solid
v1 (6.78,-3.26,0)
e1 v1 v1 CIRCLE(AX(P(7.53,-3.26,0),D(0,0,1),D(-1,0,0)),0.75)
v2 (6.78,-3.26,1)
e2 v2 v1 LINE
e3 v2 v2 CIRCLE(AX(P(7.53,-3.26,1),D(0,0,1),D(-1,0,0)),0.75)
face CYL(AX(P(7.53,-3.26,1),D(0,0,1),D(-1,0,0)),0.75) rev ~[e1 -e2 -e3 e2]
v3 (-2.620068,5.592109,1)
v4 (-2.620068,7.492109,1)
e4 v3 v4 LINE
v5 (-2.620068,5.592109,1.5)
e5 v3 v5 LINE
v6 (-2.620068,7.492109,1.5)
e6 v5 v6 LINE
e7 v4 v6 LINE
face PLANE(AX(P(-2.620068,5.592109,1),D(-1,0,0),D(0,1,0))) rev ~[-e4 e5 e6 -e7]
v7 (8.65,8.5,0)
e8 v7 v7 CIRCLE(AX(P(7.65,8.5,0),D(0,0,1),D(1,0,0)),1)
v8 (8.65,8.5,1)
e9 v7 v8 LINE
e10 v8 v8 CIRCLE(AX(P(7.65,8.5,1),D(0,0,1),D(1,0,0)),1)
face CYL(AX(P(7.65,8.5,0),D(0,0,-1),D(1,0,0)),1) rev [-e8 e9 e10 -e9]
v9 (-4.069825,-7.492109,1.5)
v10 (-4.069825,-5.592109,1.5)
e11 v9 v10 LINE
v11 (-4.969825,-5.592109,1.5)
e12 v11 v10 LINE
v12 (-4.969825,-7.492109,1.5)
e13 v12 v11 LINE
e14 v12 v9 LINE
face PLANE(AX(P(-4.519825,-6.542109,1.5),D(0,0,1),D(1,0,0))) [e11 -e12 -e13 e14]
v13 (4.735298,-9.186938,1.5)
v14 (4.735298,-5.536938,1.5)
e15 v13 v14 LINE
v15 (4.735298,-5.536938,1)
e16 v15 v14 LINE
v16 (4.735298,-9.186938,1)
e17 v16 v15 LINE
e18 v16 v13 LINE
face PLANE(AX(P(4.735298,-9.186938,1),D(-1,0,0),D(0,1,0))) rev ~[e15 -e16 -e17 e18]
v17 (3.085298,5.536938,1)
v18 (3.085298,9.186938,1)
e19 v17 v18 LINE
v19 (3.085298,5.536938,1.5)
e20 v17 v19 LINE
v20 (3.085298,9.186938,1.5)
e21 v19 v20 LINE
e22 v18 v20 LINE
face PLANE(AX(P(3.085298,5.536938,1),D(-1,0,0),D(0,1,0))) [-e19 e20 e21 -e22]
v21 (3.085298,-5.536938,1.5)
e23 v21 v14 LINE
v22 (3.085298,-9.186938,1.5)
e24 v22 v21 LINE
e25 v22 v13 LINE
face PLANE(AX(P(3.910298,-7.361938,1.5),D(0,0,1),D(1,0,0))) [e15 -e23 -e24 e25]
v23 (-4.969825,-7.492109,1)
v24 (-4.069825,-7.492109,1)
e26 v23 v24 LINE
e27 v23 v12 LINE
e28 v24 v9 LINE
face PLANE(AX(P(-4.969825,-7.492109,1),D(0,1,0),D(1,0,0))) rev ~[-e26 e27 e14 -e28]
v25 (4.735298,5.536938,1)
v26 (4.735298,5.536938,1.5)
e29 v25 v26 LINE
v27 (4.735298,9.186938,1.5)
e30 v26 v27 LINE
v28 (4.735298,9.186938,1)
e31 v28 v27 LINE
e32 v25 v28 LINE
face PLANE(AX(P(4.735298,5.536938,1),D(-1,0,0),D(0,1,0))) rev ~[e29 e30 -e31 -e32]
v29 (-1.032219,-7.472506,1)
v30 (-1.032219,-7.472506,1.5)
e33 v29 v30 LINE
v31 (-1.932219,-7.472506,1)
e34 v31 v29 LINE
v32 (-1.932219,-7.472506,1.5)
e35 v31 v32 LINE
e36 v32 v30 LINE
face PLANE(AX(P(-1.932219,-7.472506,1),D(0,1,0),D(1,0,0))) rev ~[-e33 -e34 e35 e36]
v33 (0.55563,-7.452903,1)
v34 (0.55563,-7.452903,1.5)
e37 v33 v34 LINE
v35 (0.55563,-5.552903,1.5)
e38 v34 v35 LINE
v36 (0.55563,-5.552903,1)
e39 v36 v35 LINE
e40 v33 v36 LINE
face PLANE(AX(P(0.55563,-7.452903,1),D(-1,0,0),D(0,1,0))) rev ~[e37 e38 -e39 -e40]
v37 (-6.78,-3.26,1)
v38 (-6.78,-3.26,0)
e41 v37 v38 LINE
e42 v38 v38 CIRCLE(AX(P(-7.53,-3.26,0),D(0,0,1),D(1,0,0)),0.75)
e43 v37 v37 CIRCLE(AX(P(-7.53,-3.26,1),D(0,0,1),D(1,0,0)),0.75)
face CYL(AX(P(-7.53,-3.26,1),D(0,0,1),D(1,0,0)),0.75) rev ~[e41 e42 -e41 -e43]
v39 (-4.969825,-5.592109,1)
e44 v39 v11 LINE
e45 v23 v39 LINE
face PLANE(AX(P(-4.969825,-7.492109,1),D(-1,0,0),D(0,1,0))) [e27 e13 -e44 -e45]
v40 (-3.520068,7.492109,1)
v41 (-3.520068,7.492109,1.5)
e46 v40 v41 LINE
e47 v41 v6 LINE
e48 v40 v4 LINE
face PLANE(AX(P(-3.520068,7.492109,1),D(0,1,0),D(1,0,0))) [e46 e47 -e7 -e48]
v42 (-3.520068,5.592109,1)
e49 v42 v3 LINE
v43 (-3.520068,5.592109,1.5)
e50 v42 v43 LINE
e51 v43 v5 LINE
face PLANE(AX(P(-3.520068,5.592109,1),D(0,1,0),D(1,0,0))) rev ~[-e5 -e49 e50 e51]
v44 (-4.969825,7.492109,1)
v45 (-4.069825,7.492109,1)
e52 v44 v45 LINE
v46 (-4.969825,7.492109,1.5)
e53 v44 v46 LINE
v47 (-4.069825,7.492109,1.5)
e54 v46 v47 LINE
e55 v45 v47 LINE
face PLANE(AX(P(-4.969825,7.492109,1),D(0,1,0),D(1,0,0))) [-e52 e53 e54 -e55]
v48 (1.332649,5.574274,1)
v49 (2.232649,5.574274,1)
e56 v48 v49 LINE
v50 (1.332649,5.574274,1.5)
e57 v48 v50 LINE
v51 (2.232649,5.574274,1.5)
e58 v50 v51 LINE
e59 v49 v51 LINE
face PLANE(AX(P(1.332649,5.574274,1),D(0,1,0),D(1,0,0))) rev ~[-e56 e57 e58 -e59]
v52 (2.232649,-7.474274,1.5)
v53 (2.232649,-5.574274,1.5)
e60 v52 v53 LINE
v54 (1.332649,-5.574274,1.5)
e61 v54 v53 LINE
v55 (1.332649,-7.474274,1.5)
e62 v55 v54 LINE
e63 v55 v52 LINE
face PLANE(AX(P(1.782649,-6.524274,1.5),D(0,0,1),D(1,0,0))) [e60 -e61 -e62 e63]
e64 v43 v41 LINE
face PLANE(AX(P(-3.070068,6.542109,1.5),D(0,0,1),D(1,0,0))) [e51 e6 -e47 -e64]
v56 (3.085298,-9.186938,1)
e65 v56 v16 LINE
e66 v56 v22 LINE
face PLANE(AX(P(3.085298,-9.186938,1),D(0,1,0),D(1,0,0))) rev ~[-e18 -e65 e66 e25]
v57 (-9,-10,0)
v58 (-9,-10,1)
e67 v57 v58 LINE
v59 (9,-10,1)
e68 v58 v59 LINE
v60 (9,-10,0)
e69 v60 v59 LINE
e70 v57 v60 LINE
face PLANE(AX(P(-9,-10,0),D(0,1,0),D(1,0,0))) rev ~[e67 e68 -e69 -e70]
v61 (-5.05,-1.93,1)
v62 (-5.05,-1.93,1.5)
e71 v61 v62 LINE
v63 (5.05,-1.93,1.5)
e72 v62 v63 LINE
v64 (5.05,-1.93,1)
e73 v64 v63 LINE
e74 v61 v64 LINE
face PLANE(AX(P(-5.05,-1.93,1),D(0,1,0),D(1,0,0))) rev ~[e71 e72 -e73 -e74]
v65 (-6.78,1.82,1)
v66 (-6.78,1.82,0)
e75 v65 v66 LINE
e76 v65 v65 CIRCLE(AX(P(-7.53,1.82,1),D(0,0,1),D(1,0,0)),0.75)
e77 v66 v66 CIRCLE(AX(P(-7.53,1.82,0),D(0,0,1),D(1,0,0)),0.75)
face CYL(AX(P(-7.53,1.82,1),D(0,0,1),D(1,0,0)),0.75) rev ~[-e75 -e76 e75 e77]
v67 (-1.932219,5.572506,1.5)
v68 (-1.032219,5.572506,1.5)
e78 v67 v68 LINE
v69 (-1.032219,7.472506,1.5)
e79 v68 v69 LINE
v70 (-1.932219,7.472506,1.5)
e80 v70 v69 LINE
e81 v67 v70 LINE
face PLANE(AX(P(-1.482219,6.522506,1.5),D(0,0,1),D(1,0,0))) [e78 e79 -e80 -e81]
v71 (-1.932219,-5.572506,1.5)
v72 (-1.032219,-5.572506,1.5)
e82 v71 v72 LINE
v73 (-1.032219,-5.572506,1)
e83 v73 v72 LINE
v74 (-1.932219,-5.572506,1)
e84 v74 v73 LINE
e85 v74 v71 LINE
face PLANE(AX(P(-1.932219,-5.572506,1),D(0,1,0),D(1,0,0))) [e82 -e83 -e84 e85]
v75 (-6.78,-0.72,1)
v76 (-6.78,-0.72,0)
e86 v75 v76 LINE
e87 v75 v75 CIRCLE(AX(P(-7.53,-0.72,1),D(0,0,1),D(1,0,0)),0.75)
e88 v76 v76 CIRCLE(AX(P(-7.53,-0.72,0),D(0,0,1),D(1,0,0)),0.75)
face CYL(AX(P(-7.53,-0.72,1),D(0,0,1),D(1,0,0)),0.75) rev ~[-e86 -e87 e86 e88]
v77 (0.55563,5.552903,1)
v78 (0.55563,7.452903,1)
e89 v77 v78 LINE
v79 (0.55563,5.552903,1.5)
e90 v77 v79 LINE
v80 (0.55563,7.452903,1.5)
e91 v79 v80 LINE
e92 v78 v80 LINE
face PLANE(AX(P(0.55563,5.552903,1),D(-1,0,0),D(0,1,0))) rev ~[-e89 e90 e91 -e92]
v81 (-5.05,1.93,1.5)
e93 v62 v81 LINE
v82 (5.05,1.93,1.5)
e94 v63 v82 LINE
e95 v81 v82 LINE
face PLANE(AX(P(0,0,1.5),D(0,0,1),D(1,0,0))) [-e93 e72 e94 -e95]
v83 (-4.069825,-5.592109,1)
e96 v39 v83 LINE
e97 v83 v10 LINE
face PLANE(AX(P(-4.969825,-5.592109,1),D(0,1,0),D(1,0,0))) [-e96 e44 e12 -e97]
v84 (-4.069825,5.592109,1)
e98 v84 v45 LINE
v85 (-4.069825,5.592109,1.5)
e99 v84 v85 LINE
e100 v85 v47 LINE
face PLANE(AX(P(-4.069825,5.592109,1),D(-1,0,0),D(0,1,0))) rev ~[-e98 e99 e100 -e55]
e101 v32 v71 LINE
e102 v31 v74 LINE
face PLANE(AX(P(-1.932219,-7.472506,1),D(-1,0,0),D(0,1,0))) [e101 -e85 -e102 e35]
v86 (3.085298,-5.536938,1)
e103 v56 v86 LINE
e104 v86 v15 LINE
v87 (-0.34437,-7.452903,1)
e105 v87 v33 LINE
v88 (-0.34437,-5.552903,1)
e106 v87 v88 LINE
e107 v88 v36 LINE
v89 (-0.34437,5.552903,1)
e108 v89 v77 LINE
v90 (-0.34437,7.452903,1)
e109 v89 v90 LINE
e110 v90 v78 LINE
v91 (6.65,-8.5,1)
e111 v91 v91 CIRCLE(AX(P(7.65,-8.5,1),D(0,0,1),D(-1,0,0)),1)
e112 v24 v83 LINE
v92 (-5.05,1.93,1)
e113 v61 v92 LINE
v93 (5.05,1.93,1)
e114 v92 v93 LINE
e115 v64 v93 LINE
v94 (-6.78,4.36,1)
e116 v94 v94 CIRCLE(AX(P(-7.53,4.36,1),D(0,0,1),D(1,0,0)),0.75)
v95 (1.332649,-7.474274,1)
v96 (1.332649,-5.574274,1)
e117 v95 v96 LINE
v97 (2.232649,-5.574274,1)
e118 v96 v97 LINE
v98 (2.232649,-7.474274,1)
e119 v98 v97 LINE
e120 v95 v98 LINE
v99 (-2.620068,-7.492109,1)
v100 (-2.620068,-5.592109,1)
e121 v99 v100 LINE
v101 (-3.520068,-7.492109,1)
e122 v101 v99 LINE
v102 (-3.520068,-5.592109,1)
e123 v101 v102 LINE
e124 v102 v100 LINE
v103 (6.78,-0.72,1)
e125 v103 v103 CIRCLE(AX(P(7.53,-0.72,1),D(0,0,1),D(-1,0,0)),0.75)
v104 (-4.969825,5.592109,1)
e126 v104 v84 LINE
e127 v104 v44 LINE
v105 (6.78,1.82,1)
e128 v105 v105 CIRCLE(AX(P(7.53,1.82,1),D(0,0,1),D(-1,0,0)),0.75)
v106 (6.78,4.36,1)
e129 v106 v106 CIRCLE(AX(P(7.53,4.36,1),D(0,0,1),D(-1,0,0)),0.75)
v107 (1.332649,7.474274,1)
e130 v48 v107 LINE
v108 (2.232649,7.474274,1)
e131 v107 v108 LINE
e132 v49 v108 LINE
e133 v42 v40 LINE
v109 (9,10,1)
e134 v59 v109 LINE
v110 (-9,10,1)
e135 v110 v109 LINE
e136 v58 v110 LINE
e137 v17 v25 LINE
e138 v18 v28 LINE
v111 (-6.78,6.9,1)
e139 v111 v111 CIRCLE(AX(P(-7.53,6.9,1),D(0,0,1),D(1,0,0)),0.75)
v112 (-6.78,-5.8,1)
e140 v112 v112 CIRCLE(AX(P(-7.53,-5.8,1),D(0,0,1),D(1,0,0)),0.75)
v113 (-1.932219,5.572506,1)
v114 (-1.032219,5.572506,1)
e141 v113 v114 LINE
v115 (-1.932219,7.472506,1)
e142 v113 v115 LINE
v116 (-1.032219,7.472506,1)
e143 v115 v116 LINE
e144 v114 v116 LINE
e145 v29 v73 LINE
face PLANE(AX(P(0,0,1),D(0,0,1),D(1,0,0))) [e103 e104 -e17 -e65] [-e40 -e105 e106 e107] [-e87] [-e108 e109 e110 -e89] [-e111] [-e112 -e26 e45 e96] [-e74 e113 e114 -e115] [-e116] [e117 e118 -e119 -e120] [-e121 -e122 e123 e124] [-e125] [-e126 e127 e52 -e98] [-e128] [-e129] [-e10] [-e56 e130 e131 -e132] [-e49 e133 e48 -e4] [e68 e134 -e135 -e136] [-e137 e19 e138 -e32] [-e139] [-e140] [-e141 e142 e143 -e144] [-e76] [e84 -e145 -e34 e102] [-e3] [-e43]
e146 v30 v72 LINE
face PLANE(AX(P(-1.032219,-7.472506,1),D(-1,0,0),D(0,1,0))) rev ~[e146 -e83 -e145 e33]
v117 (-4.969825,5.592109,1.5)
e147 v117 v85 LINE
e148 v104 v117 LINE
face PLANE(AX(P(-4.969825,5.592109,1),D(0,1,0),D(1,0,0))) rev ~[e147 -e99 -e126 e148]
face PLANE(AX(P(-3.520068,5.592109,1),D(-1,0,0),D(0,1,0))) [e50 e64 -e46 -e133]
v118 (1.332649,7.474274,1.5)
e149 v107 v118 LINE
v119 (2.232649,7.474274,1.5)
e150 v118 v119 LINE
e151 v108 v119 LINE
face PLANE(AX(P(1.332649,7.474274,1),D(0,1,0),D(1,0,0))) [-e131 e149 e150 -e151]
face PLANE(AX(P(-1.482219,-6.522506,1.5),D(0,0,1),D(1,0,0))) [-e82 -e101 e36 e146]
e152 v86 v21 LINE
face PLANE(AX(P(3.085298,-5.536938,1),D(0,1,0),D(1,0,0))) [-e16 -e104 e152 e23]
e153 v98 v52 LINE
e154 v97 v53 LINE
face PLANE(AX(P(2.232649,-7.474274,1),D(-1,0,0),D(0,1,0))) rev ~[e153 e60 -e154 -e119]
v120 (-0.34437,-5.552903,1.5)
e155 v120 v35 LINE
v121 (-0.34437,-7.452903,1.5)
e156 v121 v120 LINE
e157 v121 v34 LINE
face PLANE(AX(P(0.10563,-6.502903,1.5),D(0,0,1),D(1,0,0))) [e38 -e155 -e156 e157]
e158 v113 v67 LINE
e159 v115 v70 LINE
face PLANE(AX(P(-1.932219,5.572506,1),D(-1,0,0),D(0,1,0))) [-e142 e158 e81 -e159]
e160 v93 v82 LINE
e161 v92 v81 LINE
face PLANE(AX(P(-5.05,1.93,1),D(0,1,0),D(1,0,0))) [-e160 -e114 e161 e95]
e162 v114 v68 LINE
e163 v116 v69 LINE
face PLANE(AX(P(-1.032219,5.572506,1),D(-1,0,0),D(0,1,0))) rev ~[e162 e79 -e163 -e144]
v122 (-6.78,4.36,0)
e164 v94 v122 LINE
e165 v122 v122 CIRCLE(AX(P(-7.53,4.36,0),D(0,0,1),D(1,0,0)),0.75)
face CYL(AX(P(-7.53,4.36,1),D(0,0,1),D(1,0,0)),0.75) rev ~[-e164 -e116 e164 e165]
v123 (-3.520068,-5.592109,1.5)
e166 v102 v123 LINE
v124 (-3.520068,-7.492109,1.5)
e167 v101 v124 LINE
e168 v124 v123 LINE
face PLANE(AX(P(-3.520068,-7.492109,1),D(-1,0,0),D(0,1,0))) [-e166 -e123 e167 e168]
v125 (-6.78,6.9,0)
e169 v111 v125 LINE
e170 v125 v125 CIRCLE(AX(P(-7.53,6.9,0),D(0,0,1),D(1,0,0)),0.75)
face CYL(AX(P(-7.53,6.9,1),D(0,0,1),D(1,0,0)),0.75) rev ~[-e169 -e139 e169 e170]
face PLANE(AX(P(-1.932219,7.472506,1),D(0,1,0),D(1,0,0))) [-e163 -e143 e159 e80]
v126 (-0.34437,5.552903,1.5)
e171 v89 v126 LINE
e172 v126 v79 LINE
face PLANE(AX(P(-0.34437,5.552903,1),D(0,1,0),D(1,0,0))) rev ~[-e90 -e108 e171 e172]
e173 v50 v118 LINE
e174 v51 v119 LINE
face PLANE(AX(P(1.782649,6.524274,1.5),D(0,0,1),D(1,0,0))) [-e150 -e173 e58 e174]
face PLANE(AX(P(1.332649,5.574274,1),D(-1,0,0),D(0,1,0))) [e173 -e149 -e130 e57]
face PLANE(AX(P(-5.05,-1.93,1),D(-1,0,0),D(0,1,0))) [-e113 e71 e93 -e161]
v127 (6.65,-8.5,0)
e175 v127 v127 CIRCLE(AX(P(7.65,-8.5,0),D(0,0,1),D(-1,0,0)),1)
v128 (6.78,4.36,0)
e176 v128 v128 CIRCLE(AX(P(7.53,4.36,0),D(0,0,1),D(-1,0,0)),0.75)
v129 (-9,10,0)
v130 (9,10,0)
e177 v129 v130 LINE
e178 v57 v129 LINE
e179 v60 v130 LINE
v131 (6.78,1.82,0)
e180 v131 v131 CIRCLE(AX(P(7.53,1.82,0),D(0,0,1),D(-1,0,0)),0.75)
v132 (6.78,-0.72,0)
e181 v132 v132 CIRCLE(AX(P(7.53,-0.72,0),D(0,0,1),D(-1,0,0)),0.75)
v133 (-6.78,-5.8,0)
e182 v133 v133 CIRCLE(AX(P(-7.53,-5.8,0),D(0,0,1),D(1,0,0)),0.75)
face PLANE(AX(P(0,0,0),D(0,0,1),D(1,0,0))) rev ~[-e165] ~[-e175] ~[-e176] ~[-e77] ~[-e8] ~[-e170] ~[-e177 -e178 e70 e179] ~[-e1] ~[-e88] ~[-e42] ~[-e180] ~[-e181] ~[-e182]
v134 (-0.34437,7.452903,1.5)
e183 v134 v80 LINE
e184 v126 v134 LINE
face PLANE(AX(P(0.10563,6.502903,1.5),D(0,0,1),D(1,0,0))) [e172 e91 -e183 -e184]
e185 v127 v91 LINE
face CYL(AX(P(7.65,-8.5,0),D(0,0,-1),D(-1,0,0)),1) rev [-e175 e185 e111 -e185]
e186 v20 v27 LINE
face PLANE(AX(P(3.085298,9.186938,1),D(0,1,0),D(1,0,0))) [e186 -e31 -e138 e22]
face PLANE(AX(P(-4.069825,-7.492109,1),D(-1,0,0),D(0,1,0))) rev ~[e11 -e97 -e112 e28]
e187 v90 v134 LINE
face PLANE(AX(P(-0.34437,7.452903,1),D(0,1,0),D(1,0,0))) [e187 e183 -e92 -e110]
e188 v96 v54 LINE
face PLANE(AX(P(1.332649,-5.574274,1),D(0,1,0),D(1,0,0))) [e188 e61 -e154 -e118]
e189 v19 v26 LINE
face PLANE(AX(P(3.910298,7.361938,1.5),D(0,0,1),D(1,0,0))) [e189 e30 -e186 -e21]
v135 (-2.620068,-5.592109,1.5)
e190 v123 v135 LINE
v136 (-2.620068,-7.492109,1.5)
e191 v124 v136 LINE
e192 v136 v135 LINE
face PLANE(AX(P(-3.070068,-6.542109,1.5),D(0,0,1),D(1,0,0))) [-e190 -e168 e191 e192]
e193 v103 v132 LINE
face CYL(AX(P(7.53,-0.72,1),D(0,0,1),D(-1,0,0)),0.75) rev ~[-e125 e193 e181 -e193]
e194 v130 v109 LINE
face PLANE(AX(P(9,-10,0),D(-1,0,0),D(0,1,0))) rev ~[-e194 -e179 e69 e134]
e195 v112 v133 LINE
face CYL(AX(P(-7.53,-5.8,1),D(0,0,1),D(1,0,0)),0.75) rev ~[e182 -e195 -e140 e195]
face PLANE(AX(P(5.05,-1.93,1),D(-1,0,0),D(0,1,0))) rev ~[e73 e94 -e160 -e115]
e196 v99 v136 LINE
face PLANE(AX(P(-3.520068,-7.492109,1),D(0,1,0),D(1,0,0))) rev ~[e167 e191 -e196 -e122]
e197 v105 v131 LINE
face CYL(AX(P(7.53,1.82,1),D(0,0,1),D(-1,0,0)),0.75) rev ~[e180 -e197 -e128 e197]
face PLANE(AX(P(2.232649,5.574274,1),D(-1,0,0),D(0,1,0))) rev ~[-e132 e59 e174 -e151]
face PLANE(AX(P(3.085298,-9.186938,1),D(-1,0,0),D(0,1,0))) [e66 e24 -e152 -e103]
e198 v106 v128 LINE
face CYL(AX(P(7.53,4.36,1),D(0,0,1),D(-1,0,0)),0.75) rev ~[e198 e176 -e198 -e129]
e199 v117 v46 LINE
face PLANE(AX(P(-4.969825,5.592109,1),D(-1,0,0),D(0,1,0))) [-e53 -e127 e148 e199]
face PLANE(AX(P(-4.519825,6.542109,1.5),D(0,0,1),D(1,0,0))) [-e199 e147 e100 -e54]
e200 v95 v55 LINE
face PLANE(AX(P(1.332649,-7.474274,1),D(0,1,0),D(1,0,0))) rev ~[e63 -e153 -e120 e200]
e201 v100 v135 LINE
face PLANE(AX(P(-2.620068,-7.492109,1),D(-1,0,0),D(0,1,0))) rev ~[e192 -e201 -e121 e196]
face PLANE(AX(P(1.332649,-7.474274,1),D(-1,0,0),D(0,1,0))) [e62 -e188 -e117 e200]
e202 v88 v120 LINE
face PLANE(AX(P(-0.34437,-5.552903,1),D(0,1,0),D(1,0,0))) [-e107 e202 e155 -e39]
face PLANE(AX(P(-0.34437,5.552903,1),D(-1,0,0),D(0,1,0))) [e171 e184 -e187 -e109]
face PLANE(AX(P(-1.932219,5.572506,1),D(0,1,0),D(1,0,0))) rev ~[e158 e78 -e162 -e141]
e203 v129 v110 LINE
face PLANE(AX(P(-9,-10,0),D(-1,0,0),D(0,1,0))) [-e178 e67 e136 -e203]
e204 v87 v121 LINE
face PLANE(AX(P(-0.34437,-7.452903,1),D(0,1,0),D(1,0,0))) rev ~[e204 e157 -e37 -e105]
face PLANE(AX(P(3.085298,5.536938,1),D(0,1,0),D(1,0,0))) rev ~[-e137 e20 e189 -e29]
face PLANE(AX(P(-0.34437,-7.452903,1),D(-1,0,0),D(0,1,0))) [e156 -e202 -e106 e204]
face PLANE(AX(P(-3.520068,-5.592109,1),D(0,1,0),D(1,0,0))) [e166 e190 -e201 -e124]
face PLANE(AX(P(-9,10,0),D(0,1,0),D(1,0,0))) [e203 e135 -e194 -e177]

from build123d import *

# Parameters (mm, degrees)
SKETCH1_W           = 18
SKETCH1_H           = 20
SKETCH1_R           = 1
BOSS_EXTRUDE1_DEPTH = 1
SKETCH2_R           = 0.75
CUT_EXTRUDE1_DEPTH  = 1
SKETCH3_W           = 10.1
SKETCH3_H           = 3.86
BOSS_EXTRUDE3_DEPTH = 0.5
SKETCH4_W           = 0.9
SKETCH4_H           = 1.9
SKETCH4_W_2         = 1.65
SKETCH4_H_2         = 3.65
BOSS_EXTRUDE4_DEPTH = 0.5


with BuildPart() as part:
    # Sketch1 → Boss-Extrude1 (new body)
    with BuildSketch(Plane.XY):
        Rectangle(SKETCH1_W, SKETCH1_H)
        with Locations((7.65, 8.5)):
            Circle(SKETCH1_R, mode=Mode.SUBTRACT)
        with Locations(Location((7.65, -8.5, 0), (0, 0, 180))):
            Circle(SKETCH1_R, mode=Mode.SUBTRACT)
    extrude(amount=BOSS_EXTRUDE1_DEPTH)

    # Sketch2 → Cut-Extrude1 (cut)
    with BuildSketch(Plane.XY.offset(1)):
        with Locations((-7.53, 6.9)):
            Circle(SKETCH2_R)
        with Locations((-7.53, 4.36)):
            Circle(SKETCH2_R)
        with Locations((-7.53, 1.82)):
            Circle(SKETCH2_R)
        with Locations((-7.53, -0.72)):
            Circle(SKETCH2_R)
        with Locations((-7.53, -3.26)):
            Circle(SKETCH2_R)
        with Locations((-7.53, -5.8)):
            Circle(SKETCH2_R)
        with Locations(Location((7.53, -3.26, 0), (0, 0, 180))):
            Circle(SKETCH2_R)
        with Locations(Location((7.53, -0.72, 0), (0, 0, 180))):
            Circle(SKETCH2_R)
        with Locations(Location((7.53, 1.82, 0), (0, 0, 180))):
            Circle(SKETCH2_R)
        with Locations(Location((7.53, 4.36, 0), (0, 0, 180))):
            Circle(SKETCH2_R)
    extrude(amount=-CUT_EXTRUDE1_DEPTH, mode=Mode.SUBTRACT)

    # Sketch3 → Boss-Extrude3 (add)
    with BuildSketch(Plane.XY.offset(1)):
        Rectangle(SKETCH3_W, SKETCH3_H)
    extrude(amount=BOSS_EXTRUDE3_DEPTH)

    # Sketch4 → Boss-Extrude4 (add)
    with BuildSketch(Plane.XY.offset(1)):
        with Locations((-4.519825255, 6.542108994)):
            Rectangle(SKETCH4_W, SKETCH4_H)
        with Locations((-3.070068301, 6.542108994)):
            Rectangle(SKETCH4_W, SKETCH4_H)
        with Locations((-1.482219023, 6.522505917)):
            Rectangle(SKETCH4_W, SKETCH4_H)
        with Locations((0.105630256, 6.502902839)):
            Rectangle(SKETCH4_W, SKETCH4_H)
        with Locations((1.782648632, 6.524274443)):
            Rectangle(SKETCH4_W, SKETCH4_H)
        with Locations((3.910298039, 7.361938069)):
            Rectangle(SKETCH4_W_2, SKETCH4_H_2)
        with Locations((3.910298039, -7.361938069)):
            Rectangle(SKETCH4_W_2, SKETCH4_H_2)
        with Locations((1.782648632, -6.524274443)):
            Rectangle(SKETCH4_W, SKETCH4_H)
        with Locations((0.105630256, -6.502902839)):
            Rectangle(SKETCH4_W, SKETCH4_H)
        with Locations((-1.482219023, -6.522505917)):
            Rectangle(SKETCH4_W, SKETCH4_H)
        with Locations((-3.070068301, -6.542108994)):
            Rectangle(SKETCH4_W, SKETCH4_H)
        with Locations((-4.519825255, -6.542108994)):
            Rectangle(SKETCH4_W, SKETCH4_H)
    extrude(amount=BOSS_EXTRUDE4_DEPTH)


solid = part.part
